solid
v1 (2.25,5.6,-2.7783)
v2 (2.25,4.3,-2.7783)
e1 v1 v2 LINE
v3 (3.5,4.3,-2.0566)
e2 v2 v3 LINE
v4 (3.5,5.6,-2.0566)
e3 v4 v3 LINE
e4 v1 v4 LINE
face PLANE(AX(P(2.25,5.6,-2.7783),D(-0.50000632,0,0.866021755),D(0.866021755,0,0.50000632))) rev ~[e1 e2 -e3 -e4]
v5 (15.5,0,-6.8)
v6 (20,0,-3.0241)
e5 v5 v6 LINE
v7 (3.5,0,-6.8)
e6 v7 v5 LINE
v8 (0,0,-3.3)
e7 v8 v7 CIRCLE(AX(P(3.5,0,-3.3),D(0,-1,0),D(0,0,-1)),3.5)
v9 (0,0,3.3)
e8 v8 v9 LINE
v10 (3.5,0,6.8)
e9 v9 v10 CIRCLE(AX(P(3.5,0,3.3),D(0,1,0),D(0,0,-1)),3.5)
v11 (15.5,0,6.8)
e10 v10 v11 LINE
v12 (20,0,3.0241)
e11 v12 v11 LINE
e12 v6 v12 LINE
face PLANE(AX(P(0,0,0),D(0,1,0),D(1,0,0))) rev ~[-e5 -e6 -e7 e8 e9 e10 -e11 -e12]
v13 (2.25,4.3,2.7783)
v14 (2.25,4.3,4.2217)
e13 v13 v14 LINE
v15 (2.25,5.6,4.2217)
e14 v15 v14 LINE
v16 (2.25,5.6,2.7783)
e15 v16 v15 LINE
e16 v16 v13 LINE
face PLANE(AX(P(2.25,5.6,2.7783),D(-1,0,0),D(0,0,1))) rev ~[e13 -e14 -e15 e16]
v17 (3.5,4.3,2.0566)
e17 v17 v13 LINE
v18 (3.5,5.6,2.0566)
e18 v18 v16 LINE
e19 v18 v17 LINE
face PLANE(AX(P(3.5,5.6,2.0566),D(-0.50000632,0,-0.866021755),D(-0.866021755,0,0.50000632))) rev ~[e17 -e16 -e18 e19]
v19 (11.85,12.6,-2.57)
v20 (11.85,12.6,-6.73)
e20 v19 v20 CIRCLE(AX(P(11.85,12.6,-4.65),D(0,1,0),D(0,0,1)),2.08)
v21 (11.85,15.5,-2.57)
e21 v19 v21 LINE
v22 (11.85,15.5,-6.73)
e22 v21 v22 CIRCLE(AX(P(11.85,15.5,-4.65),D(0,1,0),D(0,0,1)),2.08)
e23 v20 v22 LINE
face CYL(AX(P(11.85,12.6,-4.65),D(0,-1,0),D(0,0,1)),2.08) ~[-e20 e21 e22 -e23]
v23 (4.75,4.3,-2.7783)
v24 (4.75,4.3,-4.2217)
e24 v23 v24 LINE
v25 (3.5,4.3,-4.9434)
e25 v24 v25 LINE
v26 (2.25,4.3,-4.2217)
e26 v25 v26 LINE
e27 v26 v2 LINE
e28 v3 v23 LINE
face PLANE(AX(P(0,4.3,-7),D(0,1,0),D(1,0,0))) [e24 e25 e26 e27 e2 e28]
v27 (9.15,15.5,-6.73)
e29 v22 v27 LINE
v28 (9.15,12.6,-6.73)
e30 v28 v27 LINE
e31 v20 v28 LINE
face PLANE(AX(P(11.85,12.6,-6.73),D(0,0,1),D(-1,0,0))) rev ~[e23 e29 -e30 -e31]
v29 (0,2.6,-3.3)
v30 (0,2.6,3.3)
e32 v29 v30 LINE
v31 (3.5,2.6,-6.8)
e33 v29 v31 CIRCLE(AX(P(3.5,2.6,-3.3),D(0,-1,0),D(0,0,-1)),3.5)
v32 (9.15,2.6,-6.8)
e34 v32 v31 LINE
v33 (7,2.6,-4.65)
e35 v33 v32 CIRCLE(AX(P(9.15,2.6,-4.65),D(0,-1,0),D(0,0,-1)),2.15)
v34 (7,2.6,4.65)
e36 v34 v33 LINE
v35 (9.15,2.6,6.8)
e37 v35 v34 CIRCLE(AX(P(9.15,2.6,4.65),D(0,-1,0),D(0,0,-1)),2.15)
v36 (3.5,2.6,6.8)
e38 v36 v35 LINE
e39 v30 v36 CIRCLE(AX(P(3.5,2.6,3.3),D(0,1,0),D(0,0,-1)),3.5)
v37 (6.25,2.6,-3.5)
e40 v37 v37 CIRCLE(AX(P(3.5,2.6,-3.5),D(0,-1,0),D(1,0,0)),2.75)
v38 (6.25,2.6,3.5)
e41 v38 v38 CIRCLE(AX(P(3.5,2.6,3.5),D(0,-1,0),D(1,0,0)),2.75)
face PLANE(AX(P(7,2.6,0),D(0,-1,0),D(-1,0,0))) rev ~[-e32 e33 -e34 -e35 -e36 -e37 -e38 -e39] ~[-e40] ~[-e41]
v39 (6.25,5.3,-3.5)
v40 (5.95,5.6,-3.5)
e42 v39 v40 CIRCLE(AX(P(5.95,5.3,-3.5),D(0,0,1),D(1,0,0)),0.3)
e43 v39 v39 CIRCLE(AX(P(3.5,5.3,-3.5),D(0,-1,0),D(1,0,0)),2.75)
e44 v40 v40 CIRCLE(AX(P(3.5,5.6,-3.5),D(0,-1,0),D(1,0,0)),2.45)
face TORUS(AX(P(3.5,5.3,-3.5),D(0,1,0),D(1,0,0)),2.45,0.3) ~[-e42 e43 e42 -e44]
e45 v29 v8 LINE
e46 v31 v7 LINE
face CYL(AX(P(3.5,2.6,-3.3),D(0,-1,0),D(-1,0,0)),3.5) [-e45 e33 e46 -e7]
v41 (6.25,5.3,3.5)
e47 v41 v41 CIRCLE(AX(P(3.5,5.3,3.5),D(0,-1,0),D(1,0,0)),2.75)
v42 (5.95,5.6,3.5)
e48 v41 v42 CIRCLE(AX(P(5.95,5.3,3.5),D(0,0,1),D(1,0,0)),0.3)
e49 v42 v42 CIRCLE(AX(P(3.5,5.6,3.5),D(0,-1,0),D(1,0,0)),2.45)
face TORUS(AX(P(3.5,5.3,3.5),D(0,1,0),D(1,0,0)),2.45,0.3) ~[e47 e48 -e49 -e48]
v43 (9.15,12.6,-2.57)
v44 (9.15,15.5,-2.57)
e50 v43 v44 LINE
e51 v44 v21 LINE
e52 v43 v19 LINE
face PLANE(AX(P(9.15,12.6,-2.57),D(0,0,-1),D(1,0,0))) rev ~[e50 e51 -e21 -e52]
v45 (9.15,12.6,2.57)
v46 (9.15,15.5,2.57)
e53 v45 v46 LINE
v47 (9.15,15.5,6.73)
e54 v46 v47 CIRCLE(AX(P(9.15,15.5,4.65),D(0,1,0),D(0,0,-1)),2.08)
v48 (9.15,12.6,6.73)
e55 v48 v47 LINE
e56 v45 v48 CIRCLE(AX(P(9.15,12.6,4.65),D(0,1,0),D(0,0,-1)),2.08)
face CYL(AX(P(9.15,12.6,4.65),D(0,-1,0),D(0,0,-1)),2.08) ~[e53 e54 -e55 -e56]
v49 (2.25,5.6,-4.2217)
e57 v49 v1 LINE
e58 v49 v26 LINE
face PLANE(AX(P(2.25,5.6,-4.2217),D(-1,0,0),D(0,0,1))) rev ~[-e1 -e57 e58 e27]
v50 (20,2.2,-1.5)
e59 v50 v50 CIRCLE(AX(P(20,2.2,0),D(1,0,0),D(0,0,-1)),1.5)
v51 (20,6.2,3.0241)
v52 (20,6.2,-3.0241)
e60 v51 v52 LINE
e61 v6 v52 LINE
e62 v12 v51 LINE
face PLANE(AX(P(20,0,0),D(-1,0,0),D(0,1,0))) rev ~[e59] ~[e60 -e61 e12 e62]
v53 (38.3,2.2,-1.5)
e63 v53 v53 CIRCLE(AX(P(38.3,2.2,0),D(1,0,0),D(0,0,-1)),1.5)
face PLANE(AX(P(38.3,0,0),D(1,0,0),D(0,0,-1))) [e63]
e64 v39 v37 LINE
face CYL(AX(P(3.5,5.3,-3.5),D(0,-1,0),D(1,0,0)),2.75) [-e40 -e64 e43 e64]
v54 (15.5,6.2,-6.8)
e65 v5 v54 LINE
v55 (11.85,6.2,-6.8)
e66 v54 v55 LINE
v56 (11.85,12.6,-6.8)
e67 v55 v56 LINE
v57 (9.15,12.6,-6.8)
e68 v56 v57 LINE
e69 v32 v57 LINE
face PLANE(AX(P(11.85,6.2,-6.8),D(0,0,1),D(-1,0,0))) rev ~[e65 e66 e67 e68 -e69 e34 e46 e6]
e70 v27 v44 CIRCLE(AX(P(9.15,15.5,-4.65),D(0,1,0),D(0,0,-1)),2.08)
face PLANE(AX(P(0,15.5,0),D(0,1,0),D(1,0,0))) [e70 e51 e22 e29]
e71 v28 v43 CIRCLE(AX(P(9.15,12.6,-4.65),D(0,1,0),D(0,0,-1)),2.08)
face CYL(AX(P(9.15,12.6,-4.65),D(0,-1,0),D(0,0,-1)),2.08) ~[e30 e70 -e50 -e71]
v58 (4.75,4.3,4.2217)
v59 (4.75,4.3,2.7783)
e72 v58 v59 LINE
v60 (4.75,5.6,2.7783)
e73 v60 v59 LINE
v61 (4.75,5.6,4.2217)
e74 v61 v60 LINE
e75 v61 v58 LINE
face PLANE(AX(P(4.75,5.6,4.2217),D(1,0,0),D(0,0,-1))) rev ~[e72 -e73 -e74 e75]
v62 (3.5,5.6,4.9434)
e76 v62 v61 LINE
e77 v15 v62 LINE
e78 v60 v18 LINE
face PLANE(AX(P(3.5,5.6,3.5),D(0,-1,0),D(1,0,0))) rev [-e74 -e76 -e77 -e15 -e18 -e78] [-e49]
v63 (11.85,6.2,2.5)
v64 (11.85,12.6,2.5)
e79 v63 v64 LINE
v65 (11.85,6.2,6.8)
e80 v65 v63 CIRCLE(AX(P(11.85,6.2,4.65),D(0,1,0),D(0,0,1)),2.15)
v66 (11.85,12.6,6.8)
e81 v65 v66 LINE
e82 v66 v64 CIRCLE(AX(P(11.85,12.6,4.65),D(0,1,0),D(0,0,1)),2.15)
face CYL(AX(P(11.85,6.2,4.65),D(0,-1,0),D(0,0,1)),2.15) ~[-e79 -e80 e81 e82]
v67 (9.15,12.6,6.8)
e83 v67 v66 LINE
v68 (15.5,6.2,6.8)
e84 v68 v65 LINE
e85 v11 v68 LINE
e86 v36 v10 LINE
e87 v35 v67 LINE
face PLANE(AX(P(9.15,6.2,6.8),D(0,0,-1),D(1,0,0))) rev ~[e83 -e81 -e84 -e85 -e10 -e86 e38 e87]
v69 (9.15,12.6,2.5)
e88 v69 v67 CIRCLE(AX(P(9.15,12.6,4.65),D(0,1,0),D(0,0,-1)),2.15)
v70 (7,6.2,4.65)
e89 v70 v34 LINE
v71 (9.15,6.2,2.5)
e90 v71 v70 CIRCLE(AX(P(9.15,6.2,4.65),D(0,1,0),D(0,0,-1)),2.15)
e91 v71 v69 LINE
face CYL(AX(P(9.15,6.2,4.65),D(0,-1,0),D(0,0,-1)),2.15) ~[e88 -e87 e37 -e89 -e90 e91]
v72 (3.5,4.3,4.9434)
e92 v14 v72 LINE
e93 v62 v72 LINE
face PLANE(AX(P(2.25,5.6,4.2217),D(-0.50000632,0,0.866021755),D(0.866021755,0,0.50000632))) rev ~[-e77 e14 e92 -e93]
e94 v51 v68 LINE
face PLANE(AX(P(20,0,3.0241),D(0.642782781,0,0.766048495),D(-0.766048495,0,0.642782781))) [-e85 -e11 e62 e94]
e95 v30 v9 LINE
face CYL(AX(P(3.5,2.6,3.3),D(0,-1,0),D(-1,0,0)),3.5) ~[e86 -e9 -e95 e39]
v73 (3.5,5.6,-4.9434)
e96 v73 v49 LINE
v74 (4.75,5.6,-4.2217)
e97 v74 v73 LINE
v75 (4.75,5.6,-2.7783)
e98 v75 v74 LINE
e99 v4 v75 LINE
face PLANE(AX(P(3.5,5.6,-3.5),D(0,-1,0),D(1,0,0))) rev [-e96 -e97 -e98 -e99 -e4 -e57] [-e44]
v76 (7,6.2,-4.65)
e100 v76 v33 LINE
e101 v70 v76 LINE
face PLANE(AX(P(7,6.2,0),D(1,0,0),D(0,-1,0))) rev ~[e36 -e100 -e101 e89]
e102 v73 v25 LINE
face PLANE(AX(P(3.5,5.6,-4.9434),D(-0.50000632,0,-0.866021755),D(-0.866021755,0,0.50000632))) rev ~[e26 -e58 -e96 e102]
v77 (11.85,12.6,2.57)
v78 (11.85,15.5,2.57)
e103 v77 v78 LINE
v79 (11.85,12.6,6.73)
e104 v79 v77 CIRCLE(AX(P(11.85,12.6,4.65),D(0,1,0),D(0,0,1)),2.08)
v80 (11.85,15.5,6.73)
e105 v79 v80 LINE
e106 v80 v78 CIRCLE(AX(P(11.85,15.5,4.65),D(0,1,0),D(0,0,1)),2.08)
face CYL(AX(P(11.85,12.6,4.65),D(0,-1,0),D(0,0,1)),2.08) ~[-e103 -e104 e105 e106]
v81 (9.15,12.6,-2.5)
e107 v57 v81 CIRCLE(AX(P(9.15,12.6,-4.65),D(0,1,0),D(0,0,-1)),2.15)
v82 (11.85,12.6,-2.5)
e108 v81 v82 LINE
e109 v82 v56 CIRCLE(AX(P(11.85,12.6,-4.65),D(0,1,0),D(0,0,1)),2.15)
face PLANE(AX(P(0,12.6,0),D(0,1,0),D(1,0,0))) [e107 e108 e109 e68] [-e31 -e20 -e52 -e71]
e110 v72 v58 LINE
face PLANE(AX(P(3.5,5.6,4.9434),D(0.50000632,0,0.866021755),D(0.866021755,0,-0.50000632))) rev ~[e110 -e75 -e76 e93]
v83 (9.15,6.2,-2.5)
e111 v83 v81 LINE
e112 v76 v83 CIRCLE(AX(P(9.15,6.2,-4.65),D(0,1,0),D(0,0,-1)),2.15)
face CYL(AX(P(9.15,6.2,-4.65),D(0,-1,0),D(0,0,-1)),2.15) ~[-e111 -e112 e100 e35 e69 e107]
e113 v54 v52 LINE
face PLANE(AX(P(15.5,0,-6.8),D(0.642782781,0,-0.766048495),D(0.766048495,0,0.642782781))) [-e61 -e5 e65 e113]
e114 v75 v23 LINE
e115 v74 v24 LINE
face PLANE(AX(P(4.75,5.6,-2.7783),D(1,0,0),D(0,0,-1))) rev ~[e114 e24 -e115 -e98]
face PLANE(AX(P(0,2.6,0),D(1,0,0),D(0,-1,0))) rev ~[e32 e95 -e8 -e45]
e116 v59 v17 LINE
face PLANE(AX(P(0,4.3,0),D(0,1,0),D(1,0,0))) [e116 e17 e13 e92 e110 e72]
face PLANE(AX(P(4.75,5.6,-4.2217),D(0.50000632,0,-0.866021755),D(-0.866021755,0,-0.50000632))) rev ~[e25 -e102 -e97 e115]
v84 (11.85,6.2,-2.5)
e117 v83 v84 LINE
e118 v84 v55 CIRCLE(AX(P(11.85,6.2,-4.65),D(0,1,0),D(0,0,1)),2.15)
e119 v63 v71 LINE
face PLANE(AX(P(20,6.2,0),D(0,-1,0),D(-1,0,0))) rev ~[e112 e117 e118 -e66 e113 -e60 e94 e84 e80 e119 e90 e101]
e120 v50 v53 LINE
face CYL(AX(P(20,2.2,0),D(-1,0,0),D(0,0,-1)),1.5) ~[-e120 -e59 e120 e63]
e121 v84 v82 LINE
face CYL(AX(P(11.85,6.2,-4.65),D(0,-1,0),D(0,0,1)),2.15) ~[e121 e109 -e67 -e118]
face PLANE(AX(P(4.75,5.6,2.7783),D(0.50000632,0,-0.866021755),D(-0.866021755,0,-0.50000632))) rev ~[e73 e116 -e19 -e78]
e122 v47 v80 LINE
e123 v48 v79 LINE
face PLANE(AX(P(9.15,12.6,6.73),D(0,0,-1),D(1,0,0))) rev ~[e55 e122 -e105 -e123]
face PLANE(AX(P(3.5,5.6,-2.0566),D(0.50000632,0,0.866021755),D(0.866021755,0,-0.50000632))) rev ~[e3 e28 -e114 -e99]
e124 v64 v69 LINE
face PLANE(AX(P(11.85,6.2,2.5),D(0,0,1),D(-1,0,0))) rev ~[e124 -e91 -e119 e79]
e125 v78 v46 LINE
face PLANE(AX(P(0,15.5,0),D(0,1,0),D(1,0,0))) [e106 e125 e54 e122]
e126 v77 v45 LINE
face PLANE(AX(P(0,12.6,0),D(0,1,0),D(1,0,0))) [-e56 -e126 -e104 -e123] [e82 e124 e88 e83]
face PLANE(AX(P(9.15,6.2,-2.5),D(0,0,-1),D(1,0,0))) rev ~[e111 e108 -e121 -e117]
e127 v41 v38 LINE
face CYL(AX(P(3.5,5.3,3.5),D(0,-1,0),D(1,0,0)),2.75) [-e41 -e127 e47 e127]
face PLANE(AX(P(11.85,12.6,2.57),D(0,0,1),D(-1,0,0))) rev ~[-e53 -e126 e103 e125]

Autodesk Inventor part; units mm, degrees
sketch "Sketch_1" plane through (0, 0, 0) normal (0, 0, 1) x (1, 0, 0)
  line L0 (0, 2.6) -> (0, 0)
  line L1 (0, 0) -> (20, 0)
  line L2 (20, 0) -> (20, 6.2)
  line L3 (20, 6.2) -> (7, 6.2)
  line L4 (7, 6.2) -> (7, 2.6)
  line L5 (7, 2.6) -> (0, 2.6)
extrude "Extrusion1" add sketch "Sketch_1" along normal mid plane 13.6
fillet "Fillet1" radius 3.5 2 edges at (0, 1.3, 6.8) (0, 1.3, -6.8)
fillet "Fillet2" radius 2.15 2 edges at (7, 4.4, 6.8) (7, 4.4, -6.8)
sketch "Sketch_4" plane through (20, 0, 0) normal (1, 0, 0) x (0, 0, -1)
  circle A0 centre (0, 2.2) radius 1.5
extrude "Extrusion2" add sketch "Sketch_4" along normal blind 18.3
sketch "Sketch_7" plane through (0, 0, 3.5) normal (0, 0, 1) x (1, 0, 0)
  line L0 (3.5, 2.6) -> (3.5, 5.6)
  line L1 (3.5, 5.6) -> (5.95, 5.6)
  arc A0 (6.25, 5.3) -> (5.95, 5.6) centre (5.95, 5.3) ccw
  line L2 (6.25, 5.3) -> (6.25, 2.6)
  line L3 (6.25, 2.6) -> (3.5, 2.6)
  line L4 (3.5, 2.6) -> (3.5, 5.6)
revolve "Revolution1" add sketch "Sketch_7" angle 360 about axis through (3.5, 2.6, 3.5) along (0, -1, 0)
pattern_linear "Rectangular Pattern1" count 2 spacing 7 along (0, 0, -1) of "Revolution1"
sketch "Sketch_9" plane through (0, 5.6, 0) normal (0, 1, 0) x (1, 0, 0)
  line L0 (2.25, -4.2217) -> (3.5, -4.9434)
  line L1 (3.5, -4.9434) -> (4.75, -4.2217)
  line L2 (4.75, -4.2217) -> (4.75, -2.7783)
  line L3 (4.75, -2.7783) -> (3.5, -2.0566)
  line L4 (3.5, -2.0566) -> (2.25, -2.7783)
  line L5 (2.25, -2.7783) -> (2.25, -4.2217)
extrude "Extrusion3" cut sketch "Sketch_9" against normal blind 1.3
pattern_linear "Rectangular Pattern2" count 2 spacing 7 along (0, 0, -1) of "Extrusion3"
sketch "__1" plane through (0, 6.2, 0) normal (0, 1, 0) x (1, 0, 0)
  arc A0 (9.15, -2.5) -> (9.15, -6.8) centre (9.15, -4.65) ccw
  line L0 (9.15, -6.8) -> (11.85, -6.8)
  arc A1 (11.85, -6.8) -> (11.85, -2.5) centre (11.85, -4.65) ccw
  line L1 (11.85, -2.5) -> (9.15, -2.5)
extrude "Extrusion4" add sketch "__1" along normal blind 6.4
sketch "__2" plane through (0, 6.2, 0) normal (0, 1, 0) x (1, 0, 0)
  arc A0 (9.15, 6.8) -> (9.15, 2.5) centre (9.15, 4.65) ccw
  line L0 (9.15, 2.5) -> (11.85, 2.5)
  arc A1 (11.85, 2.5) -> (11.85, 6.8) centre (11.85, 4.65) ccw
  line L1 (11.85, 6.8) -> (9.15, 6.8)
extrude "Extrusion5" add sketch "__2" along normal blind 6.4
sketch "__3" plane through (0, 12.6, 0) normal (0, 1, 0) x (1, 0, 0)
  arc A0 (9.15, -2.57) -> (9.15, -6.73) centre (9.15, -4.65) ccw
  line L0 (9.15, -6.73) -> (11.85, -6.73)
  arc A1 (11.85, -6.73) -> (11.85, -2.57) centre (11.85, -4.65) ccw
  line L1 (11.85, -2.57) -> (9.15, -2.57)
extrude "Extrusion6" add sketch "__3" along normal blind 2.9
sketch "__4" plane through (0, 12.6, 0) normal (0, 1, 0) x (1, 0, 0)
  arc A0 (9.15, 6.73) -> (9.15, 2.57) centre (9.15, 4.65) ccw
  line L0 (9.15, 2.57) -> (11.85, 2.57)
  arc A1 (11.85, 2.57) -> (11.85, 6.73) centre (11.85, 4.65) ccw
  line L1 (11.85, 6.73) -> (9.15, 6.73)
extrude "Extrusion7" add sketch "__4" along normal blind 2.9
sketch "__5" plane through (0, 0, 0) normal (0, 1, 0) x (-1, 0, 0)
  line L0 (-15.5, 6.8) -> (-20, 6.8)
  line L1 (-20, 6.8) -> (-20, 3.0241)
  line L2 (-20, 3.0241) -> (-15.5, 6.8)
extrude "Extrusion8" cut sketch "__5" along normal blind 10
sketch "__6" plane through (0, 0, 0) normal (0, 1, 0) x (-1, 0, 0)
  line L0 (-15.5, -6.8) -> (-20, -3.0241)
  line L1 (-20, -3.0241) -> (-20, -6.8)
  line L2 (-20, -6.8) -> (-15.5, -6.8)
extrude "Extrusion9" cut sketch "__6" along normal blind 10
ref_plane "gth4_sensor_XY" through (0, 0, 0) normal (1, 0, 0) x (0, 0, -1)
ref_plane "gth4_sensor_YZ" through (0, 0, 0) normal (0, 0, -1) x (0, 1, 0)
ref_plane "gth4_sensor_ZX" through (0, 0, 0) normal (0, 1, 0) x (1, 0, 0)
properties part number "ETH2-14-sensor"
